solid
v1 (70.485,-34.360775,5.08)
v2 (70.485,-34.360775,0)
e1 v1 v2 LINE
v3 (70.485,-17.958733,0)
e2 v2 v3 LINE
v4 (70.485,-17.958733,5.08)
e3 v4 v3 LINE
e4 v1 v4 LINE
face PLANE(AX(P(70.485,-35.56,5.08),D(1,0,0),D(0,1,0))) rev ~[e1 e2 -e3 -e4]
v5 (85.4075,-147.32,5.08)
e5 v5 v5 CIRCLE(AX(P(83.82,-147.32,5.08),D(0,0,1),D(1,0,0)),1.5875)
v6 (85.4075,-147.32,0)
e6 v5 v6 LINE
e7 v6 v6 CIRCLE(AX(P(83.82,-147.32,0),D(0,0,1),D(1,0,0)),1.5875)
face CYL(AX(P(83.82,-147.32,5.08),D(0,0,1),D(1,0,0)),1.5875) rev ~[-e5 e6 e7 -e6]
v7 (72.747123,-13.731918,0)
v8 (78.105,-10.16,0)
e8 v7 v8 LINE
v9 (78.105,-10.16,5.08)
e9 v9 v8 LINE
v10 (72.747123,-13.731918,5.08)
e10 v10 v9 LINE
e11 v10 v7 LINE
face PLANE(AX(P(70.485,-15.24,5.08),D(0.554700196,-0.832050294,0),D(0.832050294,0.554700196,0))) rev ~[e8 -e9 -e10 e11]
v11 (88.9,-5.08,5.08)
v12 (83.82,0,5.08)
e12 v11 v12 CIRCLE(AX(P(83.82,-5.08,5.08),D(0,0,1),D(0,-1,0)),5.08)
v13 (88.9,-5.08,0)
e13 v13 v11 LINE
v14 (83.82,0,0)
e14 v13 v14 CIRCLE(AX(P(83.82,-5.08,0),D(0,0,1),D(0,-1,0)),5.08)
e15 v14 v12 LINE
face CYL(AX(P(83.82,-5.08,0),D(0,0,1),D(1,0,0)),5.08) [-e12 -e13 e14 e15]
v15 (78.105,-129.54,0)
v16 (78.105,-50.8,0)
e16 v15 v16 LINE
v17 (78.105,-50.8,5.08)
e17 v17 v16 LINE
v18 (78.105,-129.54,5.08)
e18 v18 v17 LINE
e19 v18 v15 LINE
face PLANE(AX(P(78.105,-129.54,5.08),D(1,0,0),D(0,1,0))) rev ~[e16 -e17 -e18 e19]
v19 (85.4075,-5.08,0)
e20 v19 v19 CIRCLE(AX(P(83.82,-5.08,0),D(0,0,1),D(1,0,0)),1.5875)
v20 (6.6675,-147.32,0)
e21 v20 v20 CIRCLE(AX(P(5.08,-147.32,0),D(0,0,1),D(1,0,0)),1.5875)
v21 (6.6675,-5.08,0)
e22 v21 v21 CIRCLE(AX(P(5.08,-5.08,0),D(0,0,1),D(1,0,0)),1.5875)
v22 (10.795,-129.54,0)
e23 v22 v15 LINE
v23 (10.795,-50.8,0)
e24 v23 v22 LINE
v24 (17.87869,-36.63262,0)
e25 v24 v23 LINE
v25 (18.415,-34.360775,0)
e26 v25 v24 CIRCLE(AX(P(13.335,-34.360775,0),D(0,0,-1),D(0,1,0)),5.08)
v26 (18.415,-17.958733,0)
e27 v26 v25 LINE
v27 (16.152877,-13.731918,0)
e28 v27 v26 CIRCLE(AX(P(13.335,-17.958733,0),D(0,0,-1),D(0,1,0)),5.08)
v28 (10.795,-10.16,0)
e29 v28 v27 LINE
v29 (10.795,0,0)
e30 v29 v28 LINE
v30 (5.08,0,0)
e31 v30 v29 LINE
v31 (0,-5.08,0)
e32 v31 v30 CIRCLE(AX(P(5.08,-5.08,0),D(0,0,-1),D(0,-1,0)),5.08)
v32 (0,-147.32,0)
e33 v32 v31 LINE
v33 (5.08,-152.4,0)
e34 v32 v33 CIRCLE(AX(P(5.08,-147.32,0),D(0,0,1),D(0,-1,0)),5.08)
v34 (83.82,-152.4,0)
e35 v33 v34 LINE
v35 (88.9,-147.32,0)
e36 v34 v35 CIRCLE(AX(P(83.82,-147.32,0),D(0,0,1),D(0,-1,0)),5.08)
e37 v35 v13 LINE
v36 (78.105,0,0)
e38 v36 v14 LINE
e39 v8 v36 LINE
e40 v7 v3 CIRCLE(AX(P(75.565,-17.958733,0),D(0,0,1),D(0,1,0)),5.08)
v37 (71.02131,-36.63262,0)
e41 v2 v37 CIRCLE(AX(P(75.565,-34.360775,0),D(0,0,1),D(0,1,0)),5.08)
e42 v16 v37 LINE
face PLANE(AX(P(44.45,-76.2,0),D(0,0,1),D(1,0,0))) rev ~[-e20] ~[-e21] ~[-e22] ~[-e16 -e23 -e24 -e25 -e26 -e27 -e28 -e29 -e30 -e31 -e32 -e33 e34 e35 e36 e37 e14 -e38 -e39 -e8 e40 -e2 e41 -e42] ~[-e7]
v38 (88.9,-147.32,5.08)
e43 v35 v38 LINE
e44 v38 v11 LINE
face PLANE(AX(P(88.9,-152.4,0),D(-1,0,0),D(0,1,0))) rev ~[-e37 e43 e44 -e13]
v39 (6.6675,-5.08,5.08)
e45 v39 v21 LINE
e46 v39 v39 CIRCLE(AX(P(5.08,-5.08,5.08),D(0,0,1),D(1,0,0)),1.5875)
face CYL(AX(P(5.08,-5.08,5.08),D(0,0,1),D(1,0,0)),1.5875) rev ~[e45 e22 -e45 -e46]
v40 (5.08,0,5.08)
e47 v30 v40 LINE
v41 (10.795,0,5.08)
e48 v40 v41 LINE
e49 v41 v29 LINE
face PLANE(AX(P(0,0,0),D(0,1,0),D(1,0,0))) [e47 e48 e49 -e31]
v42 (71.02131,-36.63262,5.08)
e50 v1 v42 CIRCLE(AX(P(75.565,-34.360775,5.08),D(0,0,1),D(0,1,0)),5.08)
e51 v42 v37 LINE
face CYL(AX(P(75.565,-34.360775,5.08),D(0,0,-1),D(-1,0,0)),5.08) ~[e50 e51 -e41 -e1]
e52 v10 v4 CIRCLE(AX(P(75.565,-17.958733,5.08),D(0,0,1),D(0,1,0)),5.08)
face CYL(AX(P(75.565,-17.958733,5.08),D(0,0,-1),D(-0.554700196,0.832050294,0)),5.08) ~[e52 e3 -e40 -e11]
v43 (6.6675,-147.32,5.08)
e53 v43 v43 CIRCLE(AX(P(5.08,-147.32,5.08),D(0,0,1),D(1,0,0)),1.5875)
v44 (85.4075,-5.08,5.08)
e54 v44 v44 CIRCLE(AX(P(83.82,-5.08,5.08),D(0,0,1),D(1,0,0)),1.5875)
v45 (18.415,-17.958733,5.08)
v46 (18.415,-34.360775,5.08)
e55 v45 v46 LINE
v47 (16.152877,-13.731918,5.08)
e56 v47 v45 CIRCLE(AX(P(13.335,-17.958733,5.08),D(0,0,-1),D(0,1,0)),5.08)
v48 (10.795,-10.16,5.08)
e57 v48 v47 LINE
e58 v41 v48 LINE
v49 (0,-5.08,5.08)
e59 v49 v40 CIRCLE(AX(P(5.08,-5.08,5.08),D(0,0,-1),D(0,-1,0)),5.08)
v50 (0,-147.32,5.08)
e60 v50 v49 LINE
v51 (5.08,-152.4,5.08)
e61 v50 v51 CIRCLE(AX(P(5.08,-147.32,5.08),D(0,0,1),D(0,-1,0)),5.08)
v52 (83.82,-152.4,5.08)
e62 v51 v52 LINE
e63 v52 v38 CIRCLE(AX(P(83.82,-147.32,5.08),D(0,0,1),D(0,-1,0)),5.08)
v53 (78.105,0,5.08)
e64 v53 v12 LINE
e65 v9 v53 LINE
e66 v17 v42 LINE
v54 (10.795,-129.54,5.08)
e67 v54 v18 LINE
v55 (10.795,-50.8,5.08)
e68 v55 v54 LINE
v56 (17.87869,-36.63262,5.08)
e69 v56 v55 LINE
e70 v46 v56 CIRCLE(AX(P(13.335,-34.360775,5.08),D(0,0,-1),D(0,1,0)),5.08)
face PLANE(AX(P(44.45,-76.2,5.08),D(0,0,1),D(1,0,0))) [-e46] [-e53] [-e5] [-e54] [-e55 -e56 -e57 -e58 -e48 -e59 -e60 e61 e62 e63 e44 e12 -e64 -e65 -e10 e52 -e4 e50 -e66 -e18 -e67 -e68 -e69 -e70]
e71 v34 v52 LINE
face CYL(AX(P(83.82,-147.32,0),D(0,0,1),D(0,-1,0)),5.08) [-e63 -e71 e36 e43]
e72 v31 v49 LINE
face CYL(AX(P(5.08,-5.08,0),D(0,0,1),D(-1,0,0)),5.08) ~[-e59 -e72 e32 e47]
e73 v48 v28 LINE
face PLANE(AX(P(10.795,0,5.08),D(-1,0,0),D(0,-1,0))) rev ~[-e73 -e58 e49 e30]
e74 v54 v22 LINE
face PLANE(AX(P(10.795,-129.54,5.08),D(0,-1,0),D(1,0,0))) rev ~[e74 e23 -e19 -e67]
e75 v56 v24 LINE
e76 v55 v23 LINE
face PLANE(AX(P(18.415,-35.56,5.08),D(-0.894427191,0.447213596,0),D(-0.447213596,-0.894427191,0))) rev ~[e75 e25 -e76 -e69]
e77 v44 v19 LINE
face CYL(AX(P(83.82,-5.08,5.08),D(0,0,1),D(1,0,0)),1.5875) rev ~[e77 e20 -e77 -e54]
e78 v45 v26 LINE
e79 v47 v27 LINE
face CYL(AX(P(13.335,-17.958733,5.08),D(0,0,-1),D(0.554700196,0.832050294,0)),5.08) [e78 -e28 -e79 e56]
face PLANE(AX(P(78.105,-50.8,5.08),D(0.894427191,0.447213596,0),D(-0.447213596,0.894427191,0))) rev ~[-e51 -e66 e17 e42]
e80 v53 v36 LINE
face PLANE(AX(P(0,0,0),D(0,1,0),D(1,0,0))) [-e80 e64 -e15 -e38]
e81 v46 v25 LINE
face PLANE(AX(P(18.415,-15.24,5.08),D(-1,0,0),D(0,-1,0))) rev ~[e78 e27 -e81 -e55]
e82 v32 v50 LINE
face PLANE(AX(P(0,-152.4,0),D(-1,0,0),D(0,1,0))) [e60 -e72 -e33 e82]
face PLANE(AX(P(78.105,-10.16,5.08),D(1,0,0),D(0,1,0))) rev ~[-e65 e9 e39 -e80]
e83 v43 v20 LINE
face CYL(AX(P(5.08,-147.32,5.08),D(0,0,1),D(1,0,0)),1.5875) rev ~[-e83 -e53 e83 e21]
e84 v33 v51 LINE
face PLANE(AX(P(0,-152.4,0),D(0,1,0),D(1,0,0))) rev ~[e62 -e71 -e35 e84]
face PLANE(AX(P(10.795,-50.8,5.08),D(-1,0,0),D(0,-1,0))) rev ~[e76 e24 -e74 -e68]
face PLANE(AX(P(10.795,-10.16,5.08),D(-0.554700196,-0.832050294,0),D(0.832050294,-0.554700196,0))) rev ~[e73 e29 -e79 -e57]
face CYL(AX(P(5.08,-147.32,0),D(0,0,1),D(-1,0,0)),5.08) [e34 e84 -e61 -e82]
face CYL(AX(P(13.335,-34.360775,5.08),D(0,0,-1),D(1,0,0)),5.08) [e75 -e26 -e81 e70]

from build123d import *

# Parameters (mm, degrees)
F0_W     = 88.9
F0_H     = 152.4
F1_DEPTH = 5.08
F3_DEPTH = 25.4
F4_R     = 1.5875
F5_DEPTH = 25.4
F6_R     = 5.08


with BuildPart() as f1:
    # F0 (on Top) → F1 (new body)
    with BuildSketch(Plane.XY):
        with Locations((44.45, -76.2)):
            Rectangle(F0_W, F0_H)
    extrude(amount=F1_DEPTH)

    # F2 (on face) → F3 (cut)
    with BuildSketch(Plane.XY.offset(5.08)):
        Polygon((78.105, 0), (10.795, 0), (10.795, -10.16), (18.415, -15.24), (18.415, -35.56), (10.795, -50.8), (10.795, -129.54), (78.105, -129.54), (78.105, -50.8), (70.485, -35.56), (70.485, -15.24), (78.105, -10.16), align=None)
    extrude(amount=-F3_DEPTH, mode=Mode.SUBTRACT)

    # F4 (on face) → F5 (cut)
    with BuildSketch(Plane.XY.offset(5.08)):
        with Locations((5.08, -5.08)):
            Circle(F4_R)
        with Locations((83.82, -5.08)):
            Circle(F4_R)
        with Locations((83.82, -147.32)):
            Circle(F4_R)
        with Locations((5.08, -147.32)):
            Circle(F4_R)
    extrude(amount=-F5_DEPTH, mode=Mode.SUBTRACT)

    # F6
    f6_edges = [f1.edges().sort_by_distance(p)[0] for p in [
        (88.9, -152.4, 2.54),
        (0, -152.4, 2.54),
        (88.9, 0, 2.54),
        (0, 0, 2.54),
        (18.415, -15.24, 2.54),
        (18.415, -35.56, 2.54),
        (70.485, -35.56, 2.54),
        (70.485, -15.24, 2.54),
    ]]
    fillet(f6_edges, radius=F6_R)


solid = f1.part
